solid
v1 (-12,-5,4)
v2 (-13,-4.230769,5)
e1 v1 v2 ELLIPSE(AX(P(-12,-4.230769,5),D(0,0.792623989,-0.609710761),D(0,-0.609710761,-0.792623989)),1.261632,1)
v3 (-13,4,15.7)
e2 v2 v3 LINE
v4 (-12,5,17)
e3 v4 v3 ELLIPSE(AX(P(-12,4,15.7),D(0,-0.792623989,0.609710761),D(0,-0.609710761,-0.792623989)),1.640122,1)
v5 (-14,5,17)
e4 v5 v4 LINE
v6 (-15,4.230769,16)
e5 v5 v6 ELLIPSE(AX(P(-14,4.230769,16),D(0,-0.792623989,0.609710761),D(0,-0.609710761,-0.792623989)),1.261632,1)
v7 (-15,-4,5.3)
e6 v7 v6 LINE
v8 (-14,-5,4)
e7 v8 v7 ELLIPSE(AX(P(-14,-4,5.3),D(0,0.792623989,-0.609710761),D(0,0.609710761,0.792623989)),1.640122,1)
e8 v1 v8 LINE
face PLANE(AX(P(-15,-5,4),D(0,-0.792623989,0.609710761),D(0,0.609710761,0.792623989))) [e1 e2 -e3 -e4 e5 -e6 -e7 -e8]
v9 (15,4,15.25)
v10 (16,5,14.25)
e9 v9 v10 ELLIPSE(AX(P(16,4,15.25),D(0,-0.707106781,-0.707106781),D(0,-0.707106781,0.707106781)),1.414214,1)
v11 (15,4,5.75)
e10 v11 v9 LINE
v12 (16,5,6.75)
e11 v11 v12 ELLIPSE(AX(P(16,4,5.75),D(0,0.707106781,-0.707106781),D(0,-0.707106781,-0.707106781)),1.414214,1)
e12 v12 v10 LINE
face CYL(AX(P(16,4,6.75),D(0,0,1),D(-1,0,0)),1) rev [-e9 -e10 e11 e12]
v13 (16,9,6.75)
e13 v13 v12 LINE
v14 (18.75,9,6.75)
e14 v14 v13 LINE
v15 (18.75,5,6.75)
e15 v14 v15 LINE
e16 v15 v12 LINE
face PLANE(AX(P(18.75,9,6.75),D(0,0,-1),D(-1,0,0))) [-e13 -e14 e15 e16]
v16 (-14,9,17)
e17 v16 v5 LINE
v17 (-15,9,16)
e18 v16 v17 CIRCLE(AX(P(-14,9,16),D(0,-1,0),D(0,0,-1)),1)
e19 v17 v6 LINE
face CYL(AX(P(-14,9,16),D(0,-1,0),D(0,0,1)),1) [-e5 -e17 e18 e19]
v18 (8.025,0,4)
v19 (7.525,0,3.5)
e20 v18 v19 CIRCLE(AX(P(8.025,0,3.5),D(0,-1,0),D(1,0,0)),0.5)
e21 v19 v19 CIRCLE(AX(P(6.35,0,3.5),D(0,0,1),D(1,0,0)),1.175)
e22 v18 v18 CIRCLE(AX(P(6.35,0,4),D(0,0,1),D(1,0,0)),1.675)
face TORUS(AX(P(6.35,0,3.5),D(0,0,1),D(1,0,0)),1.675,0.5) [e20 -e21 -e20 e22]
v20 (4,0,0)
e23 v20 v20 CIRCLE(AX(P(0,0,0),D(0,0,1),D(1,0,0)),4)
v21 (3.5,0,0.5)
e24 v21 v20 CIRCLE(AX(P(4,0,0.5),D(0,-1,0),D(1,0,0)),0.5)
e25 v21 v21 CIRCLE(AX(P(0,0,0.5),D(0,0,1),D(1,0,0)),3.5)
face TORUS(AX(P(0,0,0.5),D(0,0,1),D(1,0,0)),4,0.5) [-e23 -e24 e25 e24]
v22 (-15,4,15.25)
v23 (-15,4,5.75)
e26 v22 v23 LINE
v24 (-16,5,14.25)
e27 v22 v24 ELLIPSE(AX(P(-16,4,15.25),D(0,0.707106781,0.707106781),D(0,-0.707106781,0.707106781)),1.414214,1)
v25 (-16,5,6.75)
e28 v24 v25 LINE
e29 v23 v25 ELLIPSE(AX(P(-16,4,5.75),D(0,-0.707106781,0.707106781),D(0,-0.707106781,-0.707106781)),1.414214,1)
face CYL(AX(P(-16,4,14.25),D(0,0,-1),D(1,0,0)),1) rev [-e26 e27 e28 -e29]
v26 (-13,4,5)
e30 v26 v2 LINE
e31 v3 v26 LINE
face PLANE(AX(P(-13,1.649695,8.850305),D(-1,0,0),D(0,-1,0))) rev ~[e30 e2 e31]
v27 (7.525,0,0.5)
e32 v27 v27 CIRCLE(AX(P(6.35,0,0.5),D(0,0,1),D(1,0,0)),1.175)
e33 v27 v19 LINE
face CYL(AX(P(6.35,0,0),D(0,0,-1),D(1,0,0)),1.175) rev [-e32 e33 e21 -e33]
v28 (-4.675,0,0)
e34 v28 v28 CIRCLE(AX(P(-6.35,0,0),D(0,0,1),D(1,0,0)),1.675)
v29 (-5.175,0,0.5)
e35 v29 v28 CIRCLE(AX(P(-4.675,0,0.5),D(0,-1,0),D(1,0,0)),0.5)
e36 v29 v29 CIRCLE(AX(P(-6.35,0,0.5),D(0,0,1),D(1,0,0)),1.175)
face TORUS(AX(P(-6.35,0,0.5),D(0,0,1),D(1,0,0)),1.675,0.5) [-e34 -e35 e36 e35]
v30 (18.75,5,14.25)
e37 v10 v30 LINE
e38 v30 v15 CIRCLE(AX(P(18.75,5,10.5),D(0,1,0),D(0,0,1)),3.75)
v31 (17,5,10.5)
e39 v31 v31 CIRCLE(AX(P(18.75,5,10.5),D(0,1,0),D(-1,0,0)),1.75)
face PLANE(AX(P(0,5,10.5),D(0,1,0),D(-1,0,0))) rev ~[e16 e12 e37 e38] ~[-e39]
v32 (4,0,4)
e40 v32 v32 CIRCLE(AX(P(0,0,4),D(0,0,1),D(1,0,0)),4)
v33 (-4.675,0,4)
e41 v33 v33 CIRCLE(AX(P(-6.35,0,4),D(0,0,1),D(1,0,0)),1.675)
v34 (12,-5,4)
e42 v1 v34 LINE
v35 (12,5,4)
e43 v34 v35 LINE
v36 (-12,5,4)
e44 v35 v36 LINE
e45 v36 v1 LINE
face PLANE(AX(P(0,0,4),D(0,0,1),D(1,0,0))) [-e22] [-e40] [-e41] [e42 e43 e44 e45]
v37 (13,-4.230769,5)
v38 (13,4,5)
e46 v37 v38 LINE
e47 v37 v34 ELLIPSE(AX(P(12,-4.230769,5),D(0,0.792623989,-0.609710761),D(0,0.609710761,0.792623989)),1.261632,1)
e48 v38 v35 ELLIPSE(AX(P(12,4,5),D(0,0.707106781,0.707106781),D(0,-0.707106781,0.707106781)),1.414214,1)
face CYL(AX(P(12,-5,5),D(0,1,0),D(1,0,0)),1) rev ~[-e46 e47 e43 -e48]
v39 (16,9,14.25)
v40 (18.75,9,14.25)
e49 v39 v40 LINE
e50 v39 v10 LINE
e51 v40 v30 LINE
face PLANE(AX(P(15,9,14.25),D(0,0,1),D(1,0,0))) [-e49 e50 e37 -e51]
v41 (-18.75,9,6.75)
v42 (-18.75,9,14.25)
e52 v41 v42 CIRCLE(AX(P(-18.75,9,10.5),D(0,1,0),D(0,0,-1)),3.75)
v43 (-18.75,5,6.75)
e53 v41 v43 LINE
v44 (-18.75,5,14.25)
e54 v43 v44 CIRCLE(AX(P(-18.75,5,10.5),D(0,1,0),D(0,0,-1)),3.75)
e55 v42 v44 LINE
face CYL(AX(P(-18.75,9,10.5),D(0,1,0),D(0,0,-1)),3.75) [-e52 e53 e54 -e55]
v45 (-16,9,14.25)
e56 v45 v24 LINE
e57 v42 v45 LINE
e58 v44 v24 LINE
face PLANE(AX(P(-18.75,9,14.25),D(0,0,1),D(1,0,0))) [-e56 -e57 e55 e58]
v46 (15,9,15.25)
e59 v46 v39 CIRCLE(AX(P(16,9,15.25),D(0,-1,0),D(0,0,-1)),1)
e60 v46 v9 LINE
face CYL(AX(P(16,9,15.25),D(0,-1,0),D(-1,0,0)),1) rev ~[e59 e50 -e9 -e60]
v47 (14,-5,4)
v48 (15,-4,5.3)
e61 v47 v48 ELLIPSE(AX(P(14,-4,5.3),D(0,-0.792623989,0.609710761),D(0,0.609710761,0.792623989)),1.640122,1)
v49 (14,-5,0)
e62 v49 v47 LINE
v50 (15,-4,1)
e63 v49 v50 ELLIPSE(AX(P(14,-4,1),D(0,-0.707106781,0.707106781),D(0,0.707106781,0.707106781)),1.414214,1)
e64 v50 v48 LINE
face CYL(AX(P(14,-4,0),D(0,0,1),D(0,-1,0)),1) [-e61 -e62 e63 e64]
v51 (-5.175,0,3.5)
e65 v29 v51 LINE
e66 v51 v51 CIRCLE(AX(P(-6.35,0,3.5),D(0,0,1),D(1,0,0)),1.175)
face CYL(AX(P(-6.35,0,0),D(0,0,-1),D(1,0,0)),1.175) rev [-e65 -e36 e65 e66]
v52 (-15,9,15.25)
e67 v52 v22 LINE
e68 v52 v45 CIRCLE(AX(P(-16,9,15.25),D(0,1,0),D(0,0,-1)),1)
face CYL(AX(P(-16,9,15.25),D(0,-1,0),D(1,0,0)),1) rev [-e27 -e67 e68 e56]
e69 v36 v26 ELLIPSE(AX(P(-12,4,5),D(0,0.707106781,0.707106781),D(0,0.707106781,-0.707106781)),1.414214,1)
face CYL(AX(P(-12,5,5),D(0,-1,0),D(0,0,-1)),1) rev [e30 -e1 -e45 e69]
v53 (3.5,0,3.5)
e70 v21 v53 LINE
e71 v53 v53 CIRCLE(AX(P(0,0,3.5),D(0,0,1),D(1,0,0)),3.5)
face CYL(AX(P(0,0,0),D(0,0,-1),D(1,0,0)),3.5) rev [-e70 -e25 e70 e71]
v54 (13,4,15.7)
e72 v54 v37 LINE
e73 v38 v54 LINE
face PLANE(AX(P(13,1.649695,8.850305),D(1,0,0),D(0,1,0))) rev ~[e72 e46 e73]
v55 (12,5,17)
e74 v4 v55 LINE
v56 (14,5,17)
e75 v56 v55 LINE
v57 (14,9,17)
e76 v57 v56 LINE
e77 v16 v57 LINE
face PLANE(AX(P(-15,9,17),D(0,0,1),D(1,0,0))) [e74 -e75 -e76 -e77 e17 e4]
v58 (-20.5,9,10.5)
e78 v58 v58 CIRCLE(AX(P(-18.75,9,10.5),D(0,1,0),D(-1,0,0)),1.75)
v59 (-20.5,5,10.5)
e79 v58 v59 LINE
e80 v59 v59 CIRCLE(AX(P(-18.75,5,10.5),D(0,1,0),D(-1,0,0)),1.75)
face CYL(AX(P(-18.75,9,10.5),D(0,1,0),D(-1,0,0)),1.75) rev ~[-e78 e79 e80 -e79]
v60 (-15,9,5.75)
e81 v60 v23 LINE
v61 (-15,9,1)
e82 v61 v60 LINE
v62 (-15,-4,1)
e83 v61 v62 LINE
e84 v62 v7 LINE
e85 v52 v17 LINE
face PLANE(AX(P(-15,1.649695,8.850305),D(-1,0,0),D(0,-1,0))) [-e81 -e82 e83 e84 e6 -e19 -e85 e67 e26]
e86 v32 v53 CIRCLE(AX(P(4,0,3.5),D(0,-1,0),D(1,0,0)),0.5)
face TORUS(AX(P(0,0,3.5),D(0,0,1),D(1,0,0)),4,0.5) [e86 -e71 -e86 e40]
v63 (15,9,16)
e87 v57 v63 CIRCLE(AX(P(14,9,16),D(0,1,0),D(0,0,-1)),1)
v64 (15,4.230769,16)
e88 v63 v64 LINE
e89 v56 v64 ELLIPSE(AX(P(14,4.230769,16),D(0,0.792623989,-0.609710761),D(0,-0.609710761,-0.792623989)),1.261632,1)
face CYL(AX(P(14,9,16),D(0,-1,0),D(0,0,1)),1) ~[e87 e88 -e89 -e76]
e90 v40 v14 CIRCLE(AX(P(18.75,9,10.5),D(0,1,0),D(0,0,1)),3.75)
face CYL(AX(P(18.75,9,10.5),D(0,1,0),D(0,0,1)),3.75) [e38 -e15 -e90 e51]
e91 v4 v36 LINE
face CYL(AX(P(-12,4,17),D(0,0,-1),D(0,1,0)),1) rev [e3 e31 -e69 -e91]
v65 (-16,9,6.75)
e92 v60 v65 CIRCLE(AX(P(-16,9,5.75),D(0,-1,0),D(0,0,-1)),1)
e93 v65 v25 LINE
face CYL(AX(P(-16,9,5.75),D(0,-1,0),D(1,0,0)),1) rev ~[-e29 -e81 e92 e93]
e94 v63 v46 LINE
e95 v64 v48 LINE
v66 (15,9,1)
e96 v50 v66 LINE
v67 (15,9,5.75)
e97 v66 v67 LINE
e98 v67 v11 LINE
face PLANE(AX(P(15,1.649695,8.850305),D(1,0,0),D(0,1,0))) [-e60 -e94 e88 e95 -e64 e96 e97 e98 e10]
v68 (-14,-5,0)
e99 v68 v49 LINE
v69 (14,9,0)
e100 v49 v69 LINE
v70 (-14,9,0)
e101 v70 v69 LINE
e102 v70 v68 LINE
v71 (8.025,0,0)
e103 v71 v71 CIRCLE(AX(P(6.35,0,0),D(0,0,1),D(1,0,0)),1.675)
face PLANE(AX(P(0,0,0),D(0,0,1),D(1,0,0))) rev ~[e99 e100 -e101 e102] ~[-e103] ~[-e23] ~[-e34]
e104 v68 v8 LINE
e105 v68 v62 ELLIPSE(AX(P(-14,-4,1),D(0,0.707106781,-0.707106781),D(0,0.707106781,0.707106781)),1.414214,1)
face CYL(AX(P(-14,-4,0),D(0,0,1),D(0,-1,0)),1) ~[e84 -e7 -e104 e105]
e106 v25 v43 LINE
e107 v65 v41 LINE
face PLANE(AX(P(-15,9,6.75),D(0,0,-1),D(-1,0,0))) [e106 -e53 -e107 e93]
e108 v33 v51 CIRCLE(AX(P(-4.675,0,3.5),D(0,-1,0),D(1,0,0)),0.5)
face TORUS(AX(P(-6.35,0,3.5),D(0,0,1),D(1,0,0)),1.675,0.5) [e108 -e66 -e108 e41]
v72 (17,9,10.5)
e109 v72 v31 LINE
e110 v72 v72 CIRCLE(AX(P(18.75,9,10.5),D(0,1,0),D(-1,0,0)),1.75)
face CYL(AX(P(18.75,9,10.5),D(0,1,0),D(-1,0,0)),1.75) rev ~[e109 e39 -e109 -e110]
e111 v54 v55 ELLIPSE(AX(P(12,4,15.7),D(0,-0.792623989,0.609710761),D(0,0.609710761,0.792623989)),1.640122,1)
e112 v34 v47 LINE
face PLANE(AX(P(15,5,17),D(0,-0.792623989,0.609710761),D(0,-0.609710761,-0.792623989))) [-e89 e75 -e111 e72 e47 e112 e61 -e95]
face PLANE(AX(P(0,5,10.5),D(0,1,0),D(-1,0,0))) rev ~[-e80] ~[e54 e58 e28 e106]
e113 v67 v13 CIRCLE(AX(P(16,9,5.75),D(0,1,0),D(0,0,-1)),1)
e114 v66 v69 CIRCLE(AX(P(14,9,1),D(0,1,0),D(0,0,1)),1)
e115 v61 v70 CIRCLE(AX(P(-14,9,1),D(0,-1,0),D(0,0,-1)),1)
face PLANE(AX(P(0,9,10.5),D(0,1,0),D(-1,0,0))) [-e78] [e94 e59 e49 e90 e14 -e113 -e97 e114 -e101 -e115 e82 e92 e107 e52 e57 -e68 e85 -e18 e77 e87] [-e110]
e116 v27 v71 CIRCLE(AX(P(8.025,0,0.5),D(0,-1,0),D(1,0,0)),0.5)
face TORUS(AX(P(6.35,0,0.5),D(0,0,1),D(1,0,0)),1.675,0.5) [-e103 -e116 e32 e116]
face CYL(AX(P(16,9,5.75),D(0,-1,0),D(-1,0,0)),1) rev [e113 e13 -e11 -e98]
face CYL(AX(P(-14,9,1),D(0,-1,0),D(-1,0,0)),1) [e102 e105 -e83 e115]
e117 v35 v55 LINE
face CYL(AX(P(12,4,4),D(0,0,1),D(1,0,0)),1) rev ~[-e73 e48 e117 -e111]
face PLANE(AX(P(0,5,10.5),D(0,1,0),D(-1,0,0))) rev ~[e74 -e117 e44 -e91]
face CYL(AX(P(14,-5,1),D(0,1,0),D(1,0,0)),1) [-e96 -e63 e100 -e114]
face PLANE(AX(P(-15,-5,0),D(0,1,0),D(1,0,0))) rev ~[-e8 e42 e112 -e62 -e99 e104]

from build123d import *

# Parameters (mm, degrees)
F0_W     = 30
F0_H     = 10
F0_R     = 1.175
F0_R_2   = 3.5
F0_H_2   = 4
F1_DEPTH = 4
F2_R     = 1.75
F3_DEPTH = 4
F5_DEPTH = 2
F7_DEPTH = 2
F8_R     = 1
F9_R     = 0.5


with BuildPart() as f1:
    # F0 (on Top) → F1 (new body)
    with BuildSketch(Plane.XY):
        Rectangle(F0_W, F0_H)
        with Locations((-6.35, 0)):
            Circle(F0_R, mode=Mode.SUBTRACT)
        Circle(F0_R_2, mode=Mode.SUBTRACT)
        with Locations((6.35, 0)):
            Circle(F0_R, mode=Mode.SUBTRACT)
        with Locations((0, 7)):
            Rectangle(F0_W, F0_H_2)
    extrude(amount=F1_DEPTH)

    # F2 (on face) → F3 (join)
    with BuildSketch(Plane(origin=(0, 9, 0), x_dir=(-1, 0, 0), z_dir=(0, 1, 0))):
        Polygon((-15, 6.75), (-15, 4), (15, 4), (15, 6.75), (15, 14.25), (15, 17), (-15, 17), (-15, 14.25), align=None)
        with BuildLine():
            Line((-18.75, 6.75), (-15, 6.75))
            Line((-15, 6.75), (-15, 14.25))
            Line((-15, 14.25), (-18.75, 14.25))
            ThreePointArc((-18.75, 14.25), (-22.5, 10.5), (-18.75, 6.75))
        make_face()
        with Locations((-18.75, 10.5)):
            Circle(F2_R, mode=Mode.SUBTRACT)
        with BuildLine():
            Line((15, 14.25), (15, 6.75))
            Line((15, 6.75), (18.75, 6.75))
            ThreePointArc((18.75, 6.75), (22.5, 10.5), (18.75, 14.25))
            Line((18.75, 14.25), (15, 14.25))
        make_face()
        with Locations((18.75, 10.5)):
            Circle(F2_R, mode=Mode.SUBTRACT)
    extrude(amount=-F3_DEPTH)

    # F4 (on face) → F5 (join)
    with BuildSketch(Plane(origin=(-15, 0, 0), x_dir=(0, -1, 0), z_dir=(-1, 0, 0))):
        Polygon((5, 4), (-5, 17), (-5, 14.25), (-5, 6.75), (-5, 4), align=None)
    extrude(amount=-F5_DEPTH)

    # F6 (on face) → F7 (join)
    with BuildSketch(Plane.YZ.offset(15)):
        Polygon((5, 6.75), (5, 14.25), (5, 17), (-5, 4), (5, 4), align=None)
    extrude(amount=-F7_DEPTH)

    # F8
    f8_edges = [f1.edges().sort_by_distance(p)[0] for p in [
        (13, 5, 10.5),
        (-13, 5, 10.5),
        (-13, 0, 4),
        (13, 0, 4),
        (15, 7, 14.25),
        (15, 7, 6.75),
        (-15, 7, 6.75),
        (-15, 7, 14.25),
        (-15, 5, 10.5),
        (15, 5, 10.5),
        (15, -5, 2),
        (-15, -5, 2),
        (15, 7, 17),
        (15, 2, 0),
        (-15, 7, 17),
        (-15, 2, 0),
    ]]
    fillet(f8_edges, radius=F8_R)

    # F9
    f9_edges = [f1.edges().sort_by_distance(p)[0] for p in [
        (7.525, 0, 2),
        (5.175, 0, 0),
        (5.175, 0, 4),
        (-5.175, 0, 2),
        (-7.525, 0, 0),
        (-7.525, 0, 4),
        (3.5, 0, 2),
        (-3.5, 0, 0),
        (-3.5, 0, 4),
    ]]
    fillet(f9_edges, radius=F9_R)


solid = f1.part
